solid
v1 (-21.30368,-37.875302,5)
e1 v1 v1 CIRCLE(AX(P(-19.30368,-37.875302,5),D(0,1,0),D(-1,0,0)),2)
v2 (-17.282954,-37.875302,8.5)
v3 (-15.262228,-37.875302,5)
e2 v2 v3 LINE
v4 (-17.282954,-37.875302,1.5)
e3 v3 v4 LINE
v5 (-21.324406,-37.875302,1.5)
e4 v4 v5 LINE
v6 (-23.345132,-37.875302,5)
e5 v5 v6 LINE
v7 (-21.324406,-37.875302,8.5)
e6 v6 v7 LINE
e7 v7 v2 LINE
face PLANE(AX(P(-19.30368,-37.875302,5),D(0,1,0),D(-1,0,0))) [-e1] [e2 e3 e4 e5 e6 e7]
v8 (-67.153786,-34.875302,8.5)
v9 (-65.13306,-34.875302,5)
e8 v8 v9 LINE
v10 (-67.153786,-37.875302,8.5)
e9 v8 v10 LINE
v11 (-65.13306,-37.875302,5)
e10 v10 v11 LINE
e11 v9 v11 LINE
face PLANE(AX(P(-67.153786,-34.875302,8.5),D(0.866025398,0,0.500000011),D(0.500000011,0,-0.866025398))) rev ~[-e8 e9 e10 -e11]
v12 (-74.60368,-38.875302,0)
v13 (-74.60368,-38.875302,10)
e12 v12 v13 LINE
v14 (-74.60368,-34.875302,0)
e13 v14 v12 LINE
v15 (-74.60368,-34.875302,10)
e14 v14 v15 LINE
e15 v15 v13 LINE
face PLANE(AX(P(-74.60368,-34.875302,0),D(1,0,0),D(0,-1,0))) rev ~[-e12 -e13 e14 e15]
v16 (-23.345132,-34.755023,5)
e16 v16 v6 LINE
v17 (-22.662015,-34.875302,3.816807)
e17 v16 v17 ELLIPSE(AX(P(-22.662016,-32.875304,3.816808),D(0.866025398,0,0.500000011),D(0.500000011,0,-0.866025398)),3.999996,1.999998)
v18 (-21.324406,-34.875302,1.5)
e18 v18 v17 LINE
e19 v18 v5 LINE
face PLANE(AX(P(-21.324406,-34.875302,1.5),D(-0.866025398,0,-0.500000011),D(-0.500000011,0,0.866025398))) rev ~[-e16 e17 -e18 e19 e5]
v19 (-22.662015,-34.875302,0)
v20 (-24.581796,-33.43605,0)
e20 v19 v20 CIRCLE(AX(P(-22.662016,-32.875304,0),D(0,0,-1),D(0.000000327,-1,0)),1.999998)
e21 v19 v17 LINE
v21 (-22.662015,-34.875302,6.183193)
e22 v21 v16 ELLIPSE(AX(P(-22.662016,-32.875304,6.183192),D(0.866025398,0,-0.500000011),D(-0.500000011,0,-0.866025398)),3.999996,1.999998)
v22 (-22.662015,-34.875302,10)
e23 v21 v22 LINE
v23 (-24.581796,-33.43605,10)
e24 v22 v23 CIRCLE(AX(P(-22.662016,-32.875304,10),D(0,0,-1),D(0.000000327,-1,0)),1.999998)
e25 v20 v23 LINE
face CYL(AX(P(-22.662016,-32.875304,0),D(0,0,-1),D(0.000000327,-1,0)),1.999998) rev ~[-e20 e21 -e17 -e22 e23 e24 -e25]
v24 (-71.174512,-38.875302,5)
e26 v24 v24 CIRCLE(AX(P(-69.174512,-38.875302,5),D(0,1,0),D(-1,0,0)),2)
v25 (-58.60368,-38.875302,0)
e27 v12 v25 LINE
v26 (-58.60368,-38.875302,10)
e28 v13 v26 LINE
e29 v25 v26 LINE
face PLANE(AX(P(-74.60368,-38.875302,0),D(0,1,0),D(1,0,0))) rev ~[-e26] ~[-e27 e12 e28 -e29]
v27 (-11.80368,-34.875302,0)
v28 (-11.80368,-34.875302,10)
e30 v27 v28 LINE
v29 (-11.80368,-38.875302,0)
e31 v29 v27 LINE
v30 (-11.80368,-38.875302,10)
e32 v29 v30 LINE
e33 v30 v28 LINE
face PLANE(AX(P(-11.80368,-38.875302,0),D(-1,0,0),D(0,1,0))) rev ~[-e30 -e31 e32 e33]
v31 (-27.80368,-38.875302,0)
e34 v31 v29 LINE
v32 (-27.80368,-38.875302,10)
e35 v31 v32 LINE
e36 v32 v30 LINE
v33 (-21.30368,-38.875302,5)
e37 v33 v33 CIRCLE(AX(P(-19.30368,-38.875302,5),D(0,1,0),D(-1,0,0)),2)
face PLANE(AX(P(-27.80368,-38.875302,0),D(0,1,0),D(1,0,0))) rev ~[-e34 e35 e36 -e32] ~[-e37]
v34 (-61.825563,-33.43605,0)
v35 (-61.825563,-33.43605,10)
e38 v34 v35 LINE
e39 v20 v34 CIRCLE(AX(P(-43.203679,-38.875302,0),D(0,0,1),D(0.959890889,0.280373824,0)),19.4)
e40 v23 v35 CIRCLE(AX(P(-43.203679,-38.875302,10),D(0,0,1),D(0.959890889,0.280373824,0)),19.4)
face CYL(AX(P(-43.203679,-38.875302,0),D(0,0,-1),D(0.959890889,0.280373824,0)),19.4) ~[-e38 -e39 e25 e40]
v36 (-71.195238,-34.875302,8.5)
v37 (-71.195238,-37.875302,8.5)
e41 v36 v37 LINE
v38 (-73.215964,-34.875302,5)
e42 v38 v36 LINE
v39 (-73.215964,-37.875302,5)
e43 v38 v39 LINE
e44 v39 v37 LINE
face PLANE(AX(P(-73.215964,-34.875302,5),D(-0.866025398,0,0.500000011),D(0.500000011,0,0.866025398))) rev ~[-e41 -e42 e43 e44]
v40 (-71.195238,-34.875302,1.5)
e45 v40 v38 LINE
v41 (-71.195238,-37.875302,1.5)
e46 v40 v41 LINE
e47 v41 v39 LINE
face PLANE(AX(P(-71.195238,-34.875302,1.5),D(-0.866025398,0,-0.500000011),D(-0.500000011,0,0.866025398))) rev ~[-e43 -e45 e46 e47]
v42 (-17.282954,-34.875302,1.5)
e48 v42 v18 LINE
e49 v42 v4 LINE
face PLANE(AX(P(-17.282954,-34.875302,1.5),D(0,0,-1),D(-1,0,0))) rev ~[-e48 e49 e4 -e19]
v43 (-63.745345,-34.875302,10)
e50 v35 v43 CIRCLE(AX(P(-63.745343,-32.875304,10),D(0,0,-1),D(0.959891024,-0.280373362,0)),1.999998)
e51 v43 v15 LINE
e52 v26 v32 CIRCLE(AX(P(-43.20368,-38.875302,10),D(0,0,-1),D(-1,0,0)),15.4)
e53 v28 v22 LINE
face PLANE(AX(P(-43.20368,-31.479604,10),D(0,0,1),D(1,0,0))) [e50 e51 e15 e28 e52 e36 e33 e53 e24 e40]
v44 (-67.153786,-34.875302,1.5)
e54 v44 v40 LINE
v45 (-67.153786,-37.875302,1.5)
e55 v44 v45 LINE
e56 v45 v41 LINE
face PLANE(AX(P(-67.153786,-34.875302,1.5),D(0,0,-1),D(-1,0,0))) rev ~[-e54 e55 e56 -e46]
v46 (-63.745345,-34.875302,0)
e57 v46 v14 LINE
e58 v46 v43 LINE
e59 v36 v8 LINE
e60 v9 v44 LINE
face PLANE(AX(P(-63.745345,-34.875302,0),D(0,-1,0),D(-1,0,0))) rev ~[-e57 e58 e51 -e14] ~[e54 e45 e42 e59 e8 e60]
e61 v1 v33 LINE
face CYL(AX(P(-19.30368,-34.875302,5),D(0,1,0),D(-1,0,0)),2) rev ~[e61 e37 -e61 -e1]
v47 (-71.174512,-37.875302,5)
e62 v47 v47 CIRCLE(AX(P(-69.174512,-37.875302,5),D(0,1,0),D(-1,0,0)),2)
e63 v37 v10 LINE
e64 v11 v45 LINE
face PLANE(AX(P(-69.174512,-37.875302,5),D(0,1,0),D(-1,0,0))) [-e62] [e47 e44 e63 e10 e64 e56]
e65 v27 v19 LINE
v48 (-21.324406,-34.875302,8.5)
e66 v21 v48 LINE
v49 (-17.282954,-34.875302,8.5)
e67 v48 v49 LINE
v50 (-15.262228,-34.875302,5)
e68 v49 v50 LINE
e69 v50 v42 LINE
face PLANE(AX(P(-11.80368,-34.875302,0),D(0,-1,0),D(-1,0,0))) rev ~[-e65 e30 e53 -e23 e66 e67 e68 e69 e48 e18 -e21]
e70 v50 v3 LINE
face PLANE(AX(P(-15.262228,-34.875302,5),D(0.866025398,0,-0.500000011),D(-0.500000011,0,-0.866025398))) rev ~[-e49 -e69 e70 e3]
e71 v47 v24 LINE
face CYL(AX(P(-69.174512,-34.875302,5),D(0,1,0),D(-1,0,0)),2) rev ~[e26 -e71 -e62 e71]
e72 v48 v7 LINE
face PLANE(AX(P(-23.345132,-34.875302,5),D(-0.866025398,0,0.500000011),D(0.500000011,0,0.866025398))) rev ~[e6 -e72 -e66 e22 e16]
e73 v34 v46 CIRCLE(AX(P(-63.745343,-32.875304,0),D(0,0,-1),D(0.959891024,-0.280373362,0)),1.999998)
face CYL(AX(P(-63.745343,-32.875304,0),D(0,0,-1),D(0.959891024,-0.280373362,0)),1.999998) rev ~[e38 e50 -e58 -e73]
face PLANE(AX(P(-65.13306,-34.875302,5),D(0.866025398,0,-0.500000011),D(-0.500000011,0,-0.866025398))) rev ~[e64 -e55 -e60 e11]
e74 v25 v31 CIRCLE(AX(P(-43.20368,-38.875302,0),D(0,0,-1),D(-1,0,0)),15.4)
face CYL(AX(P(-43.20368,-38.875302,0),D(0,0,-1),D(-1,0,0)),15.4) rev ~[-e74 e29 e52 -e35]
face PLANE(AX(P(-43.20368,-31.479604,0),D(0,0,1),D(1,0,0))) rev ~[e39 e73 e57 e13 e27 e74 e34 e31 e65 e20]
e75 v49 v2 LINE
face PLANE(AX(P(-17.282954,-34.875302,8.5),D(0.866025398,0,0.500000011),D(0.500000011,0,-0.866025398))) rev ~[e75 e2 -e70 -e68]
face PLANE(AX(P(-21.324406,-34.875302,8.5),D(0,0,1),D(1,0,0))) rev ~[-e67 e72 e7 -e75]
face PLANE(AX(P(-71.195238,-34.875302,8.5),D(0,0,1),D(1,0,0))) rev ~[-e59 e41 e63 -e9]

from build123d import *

# Parameters (mm, degrees)
F1_DEPTH = 10
F2_R     = 2
F3_DEPTH = 4.001
F5_DEPTH = 3
F7_DEPTH = 3
F8_DEPTH = 25


with BuildPart() as f1:
    # F0 (on Top) → F1 (new body)
    with BuildSketch(Plane.XY):
        with BuildLine():
            ThreePointArc((-58.60368, -38.875302), (-43.20368, -23.475302), (-27.80368, -38.875302))
            Line((-27.80368, -38.875302), (-11.80368, -38.875302))
            Line((-11.80368, -38.875302), (-11.80368, -34.875302))
            Line((-11.80368, -34.875302), (-22.662015, -34.875302))
            ThreePointArc((-22.662015, -34.875302), (-23.861703, -34.475536), (-24.581796, -33.43605))
            ThreePointArc((-24.581796, -33.43605), (-43.20368, -19.475302), (-61.825563, -33.43605))
            ThreePointArc((-61.825563, -33.43605), (-62.545656, -34.475536), (-63.745345, -34.875302))
            Line((-63.745345, -34.875302), (-74.60368, -34.875302))
            Line((-74.60368, -34.875302), (-74.60368, -38.875302))
            Line((-74.60368, -38.875302), (-62.60368, -38.875302))
            Line((-62.60368, -38.875302), (-58.60368, -38.875302))
        make_face()
    extrude(amount=F1_DEPTH)

    # F2 (on face) → F3 (cut, through all)
    with BuildSketch(Plane(origin=(0, -34.875302, 0), x_dir=(-1, 0, 0), z_dir=(0, 1, 0))):
        with Locations((69.174512, 5)):
            Circle(F2_R)
        with Locations((19.30368, 5)):
            Circle(F2_R)
    extrude(amount=-F3_DEPTH, mode=Mode.SUBTRACT)

    # F4 (on face) → F5 (cut)
    with BuildSketch(Plane(origin=(0, -34.875302, 0), x_dir=(-1, 0, 0), z_dir=(0, 1, 0))):
        Polygon((65.13306, 5), (67.153786, 1.5), (71.195238, 1.5), (73.215964, 5), (71.195238, 8.5), (67.153786, 8.5), align=None)
    extrude(amount=-F5_DEPTH, mode=Mode.SUBTRACT)

    # F6 (on face) → F7 (cut)
    with BuildSketch(Plane(origin=(0, -34.875302, 0), x_dir=(-1, 0, 0), z_dir=(0, 1, 0))):
        Polygon((15.262228, 5), (17.282954, 1.5), (21.324406, 1.5), (23.345132, 5), (21.324406, 8.5), (17.282954, 8.5), align=None)
    extrude(amount=-F7_DEPTH, mode=Mode.SUBTRACT)

    # F6 (on face) → F8 (cut)
    with BuildSketch(Plane(origin=(0, -34.875302, 0), x_dir=(-1, 0, 0), z_dir=(0, 1, 0))):
        Polygon((15.262228, 5), (17.282954, 1.5), (21.324406, 1.5), (23.345132, 5), (21.324406, 8.5), (17.282954, 8.5), align=None)
    extrude(amount=F8_DEPTH, mode=Mode.SUBTRACT)


solid = f1.part
